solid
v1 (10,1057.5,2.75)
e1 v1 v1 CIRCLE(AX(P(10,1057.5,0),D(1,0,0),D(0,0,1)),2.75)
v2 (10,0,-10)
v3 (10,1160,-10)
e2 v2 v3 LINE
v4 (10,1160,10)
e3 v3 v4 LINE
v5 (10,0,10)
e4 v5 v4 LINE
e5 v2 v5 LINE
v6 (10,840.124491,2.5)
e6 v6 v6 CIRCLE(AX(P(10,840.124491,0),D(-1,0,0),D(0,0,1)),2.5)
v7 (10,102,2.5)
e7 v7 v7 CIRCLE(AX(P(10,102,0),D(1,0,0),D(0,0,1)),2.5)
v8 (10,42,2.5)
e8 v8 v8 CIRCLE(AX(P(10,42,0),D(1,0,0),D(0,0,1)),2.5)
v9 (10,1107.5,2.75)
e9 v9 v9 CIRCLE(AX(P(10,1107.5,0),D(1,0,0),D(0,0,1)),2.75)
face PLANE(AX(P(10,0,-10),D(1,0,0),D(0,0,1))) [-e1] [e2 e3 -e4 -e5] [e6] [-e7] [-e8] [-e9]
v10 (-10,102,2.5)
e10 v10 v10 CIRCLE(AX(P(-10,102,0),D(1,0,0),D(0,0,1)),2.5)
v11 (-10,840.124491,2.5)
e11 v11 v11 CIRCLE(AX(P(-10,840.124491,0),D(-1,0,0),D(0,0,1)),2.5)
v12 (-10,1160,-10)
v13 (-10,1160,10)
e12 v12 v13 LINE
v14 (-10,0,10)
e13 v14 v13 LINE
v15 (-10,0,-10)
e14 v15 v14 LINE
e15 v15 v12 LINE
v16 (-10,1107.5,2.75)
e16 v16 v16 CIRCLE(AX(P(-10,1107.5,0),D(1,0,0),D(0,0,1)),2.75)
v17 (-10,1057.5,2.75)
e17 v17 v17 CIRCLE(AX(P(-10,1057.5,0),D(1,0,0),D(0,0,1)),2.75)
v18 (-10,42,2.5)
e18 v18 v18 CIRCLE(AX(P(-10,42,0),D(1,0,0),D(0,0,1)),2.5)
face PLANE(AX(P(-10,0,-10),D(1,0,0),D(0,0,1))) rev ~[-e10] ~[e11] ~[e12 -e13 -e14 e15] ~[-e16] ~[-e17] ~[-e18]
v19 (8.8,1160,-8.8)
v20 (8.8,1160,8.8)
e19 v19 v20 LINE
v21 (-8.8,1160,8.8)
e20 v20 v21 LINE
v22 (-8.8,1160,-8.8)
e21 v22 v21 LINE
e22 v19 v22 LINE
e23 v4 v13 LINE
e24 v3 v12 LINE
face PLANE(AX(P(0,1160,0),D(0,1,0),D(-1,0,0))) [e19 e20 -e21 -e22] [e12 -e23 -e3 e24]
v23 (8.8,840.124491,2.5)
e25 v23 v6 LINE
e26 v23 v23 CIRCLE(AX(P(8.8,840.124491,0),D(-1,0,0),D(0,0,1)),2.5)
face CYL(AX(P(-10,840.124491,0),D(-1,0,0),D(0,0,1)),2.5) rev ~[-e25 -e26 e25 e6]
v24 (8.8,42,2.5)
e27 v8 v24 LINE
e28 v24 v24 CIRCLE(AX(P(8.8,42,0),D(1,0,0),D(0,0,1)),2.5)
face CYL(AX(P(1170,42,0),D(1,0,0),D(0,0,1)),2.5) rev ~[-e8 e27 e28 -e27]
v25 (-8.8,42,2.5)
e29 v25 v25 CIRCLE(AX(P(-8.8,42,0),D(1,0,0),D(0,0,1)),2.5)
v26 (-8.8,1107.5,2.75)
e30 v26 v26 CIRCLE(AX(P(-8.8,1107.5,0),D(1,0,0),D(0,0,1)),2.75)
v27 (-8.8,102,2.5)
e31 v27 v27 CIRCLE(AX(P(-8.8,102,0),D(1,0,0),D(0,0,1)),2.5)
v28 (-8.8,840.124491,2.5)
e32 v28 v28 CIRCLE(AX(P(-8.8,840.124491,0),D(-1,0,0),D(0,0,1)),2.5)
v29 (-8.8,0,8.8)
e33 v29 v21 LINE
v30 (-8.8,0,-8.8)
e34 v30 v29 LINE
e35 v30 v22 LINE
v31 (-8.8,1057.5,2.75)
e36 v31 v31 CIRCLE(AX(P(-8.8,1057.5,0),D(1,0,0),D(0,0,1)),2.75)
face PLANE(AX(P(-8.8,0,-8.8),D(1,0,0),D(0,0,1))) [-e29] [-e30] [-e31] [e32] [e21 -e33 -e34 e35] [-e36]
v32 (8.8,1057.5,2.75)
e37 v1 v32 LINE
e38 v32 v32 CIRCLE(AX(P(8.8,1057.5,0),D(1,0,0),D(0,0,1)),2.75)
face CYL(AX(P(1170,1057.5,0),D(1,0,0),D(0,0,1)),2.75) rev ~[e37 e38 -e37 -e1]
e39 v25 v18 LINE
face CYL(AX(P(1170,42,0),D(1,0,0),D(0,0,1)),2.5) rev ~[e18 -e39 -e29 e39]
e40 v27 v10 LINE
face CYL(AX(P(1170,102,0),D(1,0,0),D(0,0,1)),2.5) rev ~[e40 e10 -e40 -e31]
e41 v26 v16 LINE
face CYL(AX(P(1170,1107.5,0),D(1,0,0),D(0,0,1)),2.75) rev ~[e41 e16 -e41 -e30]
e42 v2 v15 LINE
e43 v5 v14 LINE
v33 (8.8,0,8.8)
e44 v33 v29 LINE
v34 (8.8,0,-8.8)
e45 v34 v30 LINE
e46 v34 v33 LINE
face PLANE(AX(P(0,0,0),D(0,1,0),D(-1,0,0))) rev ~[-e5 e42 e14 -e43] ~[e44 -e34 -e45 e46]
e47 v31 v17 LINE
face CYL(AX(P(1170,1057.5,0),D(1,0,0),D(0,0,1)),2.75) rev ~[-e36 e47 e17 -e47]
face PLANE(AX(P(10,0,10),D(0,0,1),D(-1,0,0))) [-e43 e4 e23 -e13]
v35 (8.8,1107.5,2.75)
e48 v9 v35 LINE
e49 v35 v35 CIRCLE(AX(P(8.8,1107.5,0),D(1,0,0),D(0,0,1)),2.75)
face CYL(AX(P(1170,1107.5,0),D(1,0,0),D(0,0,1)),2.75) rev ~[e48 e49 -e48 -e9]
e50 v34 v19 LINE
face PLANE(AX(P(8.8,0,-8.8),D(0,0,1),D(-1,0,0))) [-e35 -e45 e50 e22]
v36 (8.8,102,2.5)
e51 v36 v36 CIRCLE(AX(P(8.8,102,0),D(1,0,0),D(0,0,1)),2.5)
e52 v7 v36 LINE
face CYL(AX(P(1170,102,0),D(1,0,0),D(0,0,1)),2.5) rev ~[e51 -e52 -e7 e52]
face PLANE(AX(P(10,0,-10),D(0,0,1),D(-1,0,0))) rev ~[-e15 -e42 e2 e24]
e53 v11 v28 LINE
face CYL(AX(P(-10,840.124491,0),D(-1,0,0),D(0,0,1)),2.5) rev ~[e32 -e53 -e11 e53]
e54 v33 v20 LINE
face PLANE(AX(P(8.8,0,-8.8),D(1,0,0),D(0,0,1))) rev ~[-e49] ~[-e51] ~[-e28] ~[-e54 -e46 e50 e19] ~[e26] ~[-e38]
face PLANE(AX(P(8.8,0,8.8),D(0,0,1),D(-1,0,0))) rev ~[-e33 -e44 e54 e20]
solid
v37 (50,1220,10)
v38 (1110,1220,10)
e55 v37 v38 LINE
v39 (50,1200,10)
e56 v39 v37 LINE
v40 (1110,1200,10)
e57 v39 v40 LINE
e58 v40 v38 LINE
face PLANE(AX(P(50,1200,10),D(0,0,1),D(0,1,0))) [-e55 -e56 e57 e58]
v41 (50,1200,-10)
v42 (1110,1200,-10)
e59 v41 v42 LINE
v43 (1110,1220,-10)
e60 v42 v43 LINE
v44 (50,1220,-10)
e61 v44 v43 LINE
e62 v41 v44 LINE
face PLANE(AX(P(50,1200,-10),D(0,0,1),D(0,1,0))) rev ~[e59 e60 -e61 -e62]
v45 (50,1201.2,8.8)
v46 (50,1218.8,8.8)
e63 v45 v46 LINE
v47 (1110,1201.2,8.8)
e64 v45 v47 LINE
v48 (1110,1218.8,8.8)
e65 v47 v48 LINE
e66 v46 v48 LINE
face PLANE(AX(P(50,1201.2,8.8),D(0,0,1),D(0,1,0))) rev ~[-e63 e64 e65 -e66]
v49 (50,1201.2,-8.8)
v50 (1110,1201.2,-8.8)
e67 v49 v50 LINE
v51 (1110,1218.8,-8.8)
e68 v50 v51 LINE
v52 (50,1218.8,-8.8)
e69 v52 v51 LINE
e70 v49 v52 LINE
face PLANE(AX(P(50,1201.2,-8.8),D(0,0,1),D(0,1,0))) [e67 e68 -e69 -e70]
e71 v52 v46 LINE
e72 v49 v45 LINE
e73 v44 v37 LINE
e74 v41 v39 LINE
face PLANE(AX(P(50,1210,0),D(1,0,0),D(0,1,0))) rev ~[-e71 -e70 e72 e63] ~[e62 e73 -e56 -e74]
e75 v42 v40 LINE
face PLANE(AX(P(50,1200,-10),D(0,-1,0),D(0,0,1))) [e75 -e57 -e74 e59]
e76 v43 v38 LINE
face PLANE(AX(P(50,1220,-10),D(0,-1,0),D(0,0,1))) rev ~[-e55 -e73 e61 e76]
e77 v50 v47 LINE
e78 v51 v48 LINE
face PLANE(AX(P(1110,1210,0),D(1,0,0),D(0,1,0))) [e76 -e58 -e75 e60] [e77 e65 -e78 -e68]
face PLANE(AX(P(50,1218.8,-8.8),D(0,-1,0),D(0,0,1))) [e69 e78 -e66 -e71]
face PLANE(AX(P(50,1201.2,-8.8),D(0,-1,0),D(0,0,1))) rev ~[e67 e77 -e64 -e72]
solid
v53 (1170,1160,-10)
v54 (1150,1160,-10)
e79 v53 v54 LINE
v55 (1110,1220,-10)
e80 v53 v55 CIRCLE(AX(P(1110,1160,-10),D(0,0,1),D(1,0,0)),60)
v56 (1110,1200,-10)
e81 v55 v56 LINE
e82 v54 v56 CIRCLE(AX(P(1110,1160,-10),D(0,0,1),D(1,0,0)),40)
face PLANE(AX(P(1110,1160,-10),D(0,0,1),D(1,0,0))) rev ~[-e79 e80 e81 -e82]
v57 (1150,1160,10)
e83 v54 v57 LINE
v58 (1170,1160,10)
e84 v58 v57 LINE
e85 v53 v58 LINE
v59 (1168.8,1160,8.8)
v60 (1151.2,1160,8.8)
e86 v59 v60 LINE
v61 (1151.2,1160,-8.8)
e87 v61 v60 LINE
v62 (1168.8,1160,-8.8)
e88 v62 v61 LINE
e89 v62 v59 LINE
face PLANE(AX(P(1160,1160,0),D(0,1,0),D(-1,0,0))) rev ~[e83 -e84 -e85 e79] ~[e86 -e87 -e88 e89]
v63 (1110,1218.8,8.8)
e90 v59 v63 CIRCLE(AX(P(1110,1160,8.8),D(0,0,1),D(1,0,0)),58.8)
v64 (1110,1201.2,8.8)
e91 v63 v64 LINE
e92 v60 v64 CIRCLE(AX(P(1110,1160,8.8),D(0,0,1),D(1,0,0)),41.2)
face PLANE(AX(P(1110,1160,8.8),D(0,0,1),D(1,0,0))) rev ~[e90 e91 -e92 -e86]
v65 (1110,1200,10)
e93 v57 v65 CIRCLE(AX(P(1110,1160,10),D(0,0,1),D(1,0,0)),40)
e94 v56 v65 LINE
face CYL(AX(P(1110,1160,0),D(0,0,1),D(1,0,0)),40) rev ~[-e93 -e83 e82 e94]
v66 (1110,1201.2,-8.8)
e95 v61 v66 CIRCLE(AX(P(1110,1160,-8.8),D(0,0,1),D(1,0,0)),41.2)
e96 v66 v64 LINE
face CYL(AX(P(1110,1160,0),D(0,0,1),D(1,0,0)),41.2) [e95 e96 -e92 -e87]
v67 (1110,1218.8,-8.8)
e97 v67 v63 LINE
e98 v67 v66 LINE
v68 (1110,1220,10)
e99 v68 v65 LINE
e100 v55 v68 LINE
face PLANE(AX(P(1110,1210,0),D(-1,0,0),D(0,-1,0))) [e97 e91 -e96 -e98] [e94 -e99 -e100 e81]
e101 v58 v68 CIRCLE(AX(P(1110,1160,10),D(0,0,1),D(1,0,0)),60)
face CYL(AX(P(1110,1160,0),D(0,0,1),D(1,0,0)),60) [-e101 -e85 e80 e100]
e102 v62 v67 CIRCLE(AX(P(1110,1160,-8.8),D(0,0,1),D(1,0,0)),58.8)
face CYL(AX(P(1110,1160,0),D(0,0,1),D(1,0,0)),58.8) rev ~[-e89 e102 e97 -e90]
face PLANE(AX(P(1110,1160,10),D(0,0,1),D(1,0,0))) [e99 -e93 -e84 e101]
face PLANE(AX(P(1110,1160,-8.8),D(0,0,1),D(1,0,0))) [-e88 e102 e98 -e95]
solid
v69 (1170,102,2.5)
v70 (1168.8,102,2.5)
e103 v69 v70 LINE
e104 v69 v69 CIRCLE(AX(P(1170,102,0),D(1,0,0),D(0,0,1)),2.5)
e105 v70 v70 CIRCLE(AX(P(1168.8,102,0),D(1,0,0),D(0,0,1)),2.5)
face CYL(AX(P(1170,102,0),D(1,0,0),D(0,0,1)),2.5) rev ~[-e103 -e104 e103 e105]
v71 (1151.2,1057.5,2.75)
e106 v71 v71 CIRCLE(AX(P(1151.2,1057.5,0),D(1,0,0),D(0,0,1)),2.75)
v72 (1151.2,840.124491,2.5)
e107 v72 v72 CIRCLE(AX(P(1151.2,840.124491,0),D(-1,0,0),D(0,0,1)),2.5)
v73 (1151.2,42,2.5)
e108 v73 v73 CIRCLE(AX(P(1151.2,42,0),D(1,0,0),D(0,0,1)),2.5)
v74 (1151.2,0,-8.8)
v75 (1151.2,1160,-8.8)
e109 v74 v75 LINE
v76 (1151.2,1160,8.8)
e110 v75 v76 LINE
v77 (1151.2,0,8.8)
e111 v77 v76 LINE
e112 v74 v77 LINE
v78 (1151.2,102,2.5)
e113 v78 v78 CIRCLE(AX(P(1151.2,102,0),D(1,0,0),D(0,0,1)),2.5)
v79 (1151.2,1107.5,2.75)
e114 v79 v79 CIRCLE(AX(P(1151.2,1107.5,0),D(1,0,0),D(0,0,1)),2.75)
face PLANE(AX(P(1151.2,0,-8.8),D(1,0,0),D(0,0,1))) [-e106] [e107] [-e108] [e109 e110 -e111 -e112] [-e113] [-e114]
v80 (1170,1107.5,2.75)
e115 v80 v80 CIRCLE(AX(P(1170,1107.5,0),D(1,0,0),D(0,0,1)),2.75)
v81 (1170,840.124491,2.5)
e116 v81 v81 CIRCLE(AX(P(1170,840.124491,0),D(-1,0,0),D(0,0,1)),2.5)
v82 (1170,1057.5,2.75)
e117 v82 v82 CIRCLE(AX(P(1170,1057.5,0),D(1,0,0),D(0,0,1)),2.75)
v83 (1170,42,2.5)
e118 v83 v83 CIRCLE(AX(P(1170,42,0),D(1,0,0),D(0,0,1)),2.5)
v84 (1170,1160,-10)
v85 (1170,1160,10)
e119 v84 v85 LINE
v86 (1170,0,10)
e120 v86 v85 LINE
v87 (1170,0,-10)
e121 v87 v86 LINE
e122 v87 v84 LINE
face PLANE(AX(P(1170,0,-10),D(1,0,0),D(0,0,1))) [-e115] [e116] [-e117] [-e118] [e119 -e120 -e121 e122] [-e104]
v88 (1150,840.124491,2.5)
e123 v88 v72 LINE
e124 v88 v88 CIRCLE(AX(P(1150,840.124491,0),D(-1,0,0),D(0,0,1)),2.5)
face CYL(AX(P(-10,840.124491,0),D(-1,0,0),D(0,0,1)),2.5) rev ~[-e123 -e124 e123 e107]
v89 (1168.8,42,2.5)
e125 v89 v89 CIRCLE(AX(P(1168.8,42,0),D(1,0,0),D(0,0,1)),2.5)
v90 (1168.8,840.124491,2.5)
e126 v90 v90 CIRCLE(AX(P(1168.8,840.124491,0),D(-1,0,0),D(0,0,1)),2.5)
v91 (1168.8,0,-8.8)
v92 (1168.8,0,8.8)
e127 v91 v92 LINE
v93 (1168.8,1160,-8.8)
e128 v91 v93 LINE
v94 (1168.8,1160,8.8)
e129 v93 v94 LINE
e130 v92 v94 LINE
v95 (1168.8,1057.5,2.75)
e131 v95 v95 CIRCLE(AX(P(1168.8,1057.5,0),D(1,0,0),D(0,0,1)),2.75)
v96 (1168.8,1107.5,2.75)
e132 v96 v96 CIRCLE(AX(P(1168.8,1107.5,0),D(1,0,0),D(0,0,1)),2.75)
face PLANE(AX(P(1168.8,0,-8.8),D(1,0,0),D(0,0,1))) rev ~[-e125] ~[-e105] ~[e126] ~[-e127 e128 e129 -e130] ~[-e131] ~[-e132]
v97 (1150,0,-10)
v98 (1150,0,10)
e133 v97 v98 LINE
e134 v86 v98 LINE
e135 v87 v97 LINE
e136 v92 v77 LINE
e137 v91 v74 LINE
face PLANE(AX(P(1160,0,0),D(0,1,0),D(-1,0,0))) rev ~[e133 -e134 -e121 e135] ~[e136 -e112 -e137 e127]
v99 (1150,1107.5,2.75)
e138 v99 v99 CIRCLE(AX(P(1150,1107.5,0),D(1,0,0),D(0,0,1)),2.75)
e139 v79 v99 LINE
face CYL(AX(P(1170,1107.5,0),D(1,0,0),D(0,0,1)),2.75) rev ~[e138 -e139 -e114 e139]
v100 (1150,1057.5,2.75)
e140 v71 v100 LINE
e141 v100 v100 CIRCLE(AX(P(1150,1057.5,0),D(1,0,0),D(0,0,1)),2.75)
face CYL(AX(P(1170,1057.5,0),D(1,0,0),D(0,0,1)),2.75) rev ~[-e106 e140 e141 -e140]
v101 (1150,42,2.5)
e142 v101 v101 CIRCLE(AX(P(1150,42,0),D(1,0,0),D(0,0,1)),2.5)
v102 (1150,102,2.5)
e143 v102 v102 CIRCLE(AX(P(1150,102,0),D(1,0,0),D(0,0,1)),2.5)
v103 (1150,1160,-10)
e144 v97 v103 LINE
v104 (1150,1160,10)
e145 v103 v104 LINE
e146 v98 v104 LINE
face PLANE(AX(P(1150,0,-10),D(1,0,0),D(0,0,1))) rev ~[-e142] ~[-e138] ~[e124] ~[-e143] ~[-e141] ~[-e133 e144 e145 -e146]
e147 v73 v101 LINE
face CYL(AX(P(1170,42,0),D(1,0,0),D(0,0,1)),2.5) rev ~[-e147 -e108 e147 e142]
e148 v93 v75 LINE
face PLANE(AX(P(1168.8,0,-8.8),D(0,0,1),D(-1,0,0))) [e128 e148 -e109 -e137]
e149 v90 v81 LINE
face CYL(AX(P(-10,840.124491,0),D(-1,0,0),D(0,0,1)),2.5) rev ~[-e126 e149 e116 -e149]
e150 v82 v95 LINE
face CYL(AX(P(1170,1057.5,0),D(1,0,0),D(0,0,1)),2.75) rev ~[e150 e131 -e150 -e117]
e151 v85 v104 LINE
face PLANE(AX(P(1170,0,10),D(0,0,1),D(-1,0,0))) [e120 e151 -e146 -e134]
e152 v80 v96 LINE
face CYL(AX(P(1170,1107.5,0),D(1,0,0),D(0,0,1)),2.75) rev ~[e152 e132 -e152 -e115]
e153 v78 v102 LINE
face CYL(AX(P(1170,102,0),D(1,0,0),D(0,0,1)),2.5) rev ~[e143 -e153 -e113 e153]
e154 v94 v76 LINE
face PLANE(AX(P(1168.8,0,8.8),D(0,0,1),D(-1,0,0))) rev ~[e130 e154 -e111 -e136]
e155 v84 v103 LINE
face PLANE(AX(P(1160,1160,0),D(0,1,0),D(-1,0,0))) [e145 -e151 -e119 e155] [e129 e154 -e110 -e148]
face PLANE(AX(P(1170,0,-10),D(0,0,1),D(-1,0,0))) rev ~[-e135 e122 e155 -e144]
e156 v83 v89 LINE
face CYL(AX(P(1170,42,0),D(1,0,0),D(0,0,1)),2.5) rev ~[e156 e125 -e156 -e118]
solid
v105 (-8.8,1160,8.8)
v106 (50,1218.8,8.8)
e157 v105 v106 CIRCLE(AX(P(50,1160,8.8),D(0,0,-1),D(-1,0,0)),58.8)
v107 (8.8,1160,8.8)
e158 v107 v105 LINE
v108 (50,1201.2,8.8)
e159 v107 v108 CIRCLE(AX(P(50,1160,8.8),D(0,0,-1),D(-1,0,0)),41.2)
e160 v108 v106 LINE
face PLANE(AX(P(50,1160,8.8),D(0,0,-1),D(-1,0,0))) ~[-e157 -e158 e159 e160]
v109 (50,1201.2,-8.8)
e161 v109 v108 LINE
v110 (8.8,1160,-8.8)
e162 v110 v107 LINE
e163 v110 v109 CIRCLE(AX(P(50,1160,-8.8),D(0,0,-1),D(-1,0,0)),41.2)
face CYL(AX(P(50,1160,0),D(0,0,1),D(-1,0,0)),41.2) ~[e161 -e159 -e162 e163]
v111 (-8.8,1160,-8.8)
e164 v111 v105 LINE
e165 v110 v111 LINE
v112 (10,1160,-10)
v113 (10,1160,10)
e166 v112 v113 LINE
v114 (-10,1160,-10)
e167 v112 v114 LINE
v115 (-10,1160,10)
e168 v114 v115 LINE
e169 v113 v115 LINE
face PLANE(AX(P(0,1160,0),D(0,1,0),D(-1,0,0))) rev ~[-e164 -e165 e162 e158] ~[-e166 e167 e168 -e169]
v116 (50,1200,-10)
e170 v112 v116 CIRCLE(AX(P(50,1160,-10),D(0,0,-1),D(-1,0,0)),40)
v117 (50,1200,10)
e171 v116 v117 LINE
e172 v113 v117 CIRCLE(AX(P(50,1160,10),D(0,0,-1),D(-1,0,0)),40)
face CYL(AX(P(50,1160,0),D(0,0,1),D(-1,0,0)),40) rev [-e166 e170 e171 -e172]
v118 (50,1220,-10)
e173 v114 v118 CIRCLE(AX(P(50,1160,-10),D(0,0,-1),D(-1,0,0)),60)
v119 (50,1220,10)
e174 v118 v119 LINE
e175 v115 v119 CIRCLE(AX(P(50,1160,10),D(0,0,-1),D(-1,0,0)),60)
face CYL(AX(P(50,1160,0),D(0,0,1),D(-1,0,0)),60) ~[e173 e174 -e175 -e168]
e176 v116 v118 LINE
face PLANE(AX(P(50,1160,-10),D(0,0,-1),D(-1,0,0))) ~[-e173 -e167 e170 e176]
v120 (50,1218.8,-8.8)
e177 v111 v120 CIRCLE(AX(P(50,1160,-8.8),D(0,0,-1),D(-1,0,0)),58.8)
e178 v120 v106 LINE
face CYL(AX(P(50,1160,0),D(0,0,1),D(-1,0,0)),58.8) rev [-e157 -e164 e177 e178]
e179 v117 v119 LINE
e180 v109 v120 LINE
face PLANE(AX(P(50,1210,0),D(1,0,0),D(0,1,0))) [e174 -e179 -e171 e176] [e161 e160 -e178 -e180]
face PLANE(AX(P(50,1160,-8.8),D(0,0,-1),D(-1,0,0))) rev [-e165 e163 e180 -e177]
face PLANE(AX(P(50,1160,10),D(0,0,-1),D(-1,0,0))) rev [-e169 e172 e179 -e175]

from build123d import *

# Parameters (mm, degrees)
SKETCH15_W                                    = 20
SKETCH15_H                                    = 20
SKETCH15_W_2                                  = 17.6
SKETCH15_H_2                                  = 17.6
AL_TUBE_SQUARE_AL_TUBE_0_75_SQR_X_0_065_DEPTH = 1160
SKETCH15_ON_SEGMENT_2_W                       = 20
SKETCH15_ON_SEGMENT_2_H                       = 20
SKETCH15_ON_SEGMENT_2_W_2                     = 17.6
SKETCH15_ON_SEGMENT_2_H_2                     = 17.6
AL_TUBE_SQUARE_AL_TUBE_0_75_SQR_X_0_2_ANGLE   = 90
SKETCH15_ON_SEGMENT_3_W                       = 20
SKETCH15_ON_SEGMENT_3_H                       = 20
SKETCH15_ON_SEGMENT_3_W_2                     = 17.6
SKETCH15_ON_SEGMENT_3_H_2                     = 17.6
AL_TUBE_SQUARE_AL_TUBE_0_75_SQR_X_0_3_DEPTH   = 1060
SKETCH15_ON_SEGMENT_4_W                       = 20
SKETCH15_ON_SEGMENT_4_H                       = 20
SKETCH15_ON_SEGMENT_4_W_2                     = 17.6
SKETCH15_ON_SEGMENT_4_H_2                     = 17.6
AL_TUBE_SQUARE_AL_TUBE_0_75_SQR_X_0_4_ANGLE   = 90
SKETCH15_ON_SEGMENT_5_W                       = 20
SKETCH15_ON_SEGMENT_5_H                       = 20
SKETCH15_ON_SEGMENT_5_W_2                     = 17.6
SKETCH15_ON_SEGMENT_5_H_2                     = 17.6
AL_TUBE_SQUARE_AL_TUBE_0_75_SQR_X_0_5_DEPTH   = 1160
SKETCH16_R                                    = 2.75
CUT_EXTRUDE1_DEPTH                            = 2062.480050837
SKETCH18_R                                    = 2.5
CUT_EXTRUDE2_DEPTH                            = 1698.321419178
SKETCH19_R                                    = 2.5
CUT_EXTRUDE3_DEPTH                            = 1698.321419178


with BuildPart() as part:
    # Sketch15 → Al tube square AL TUBE 0.75 SQR X 0.065 WALL(1) (new body)
    with BuildSketch(Plane(origin=(0, 0, 0), x_dir=(-1, 0, 0), z_dir=(0, 1, 0))):
        Rectangle(SKETCH15_W, SKETCH15_H)
        Rectangle(SKETCH15_W_2, SKETCH15_H_2, mode=Mode.SUBTRACT)
    extrude(amount=AL_TUBE_SQUARE_AL_TUBE_0_75_SQR_X_0_065_DEPTH)


with BuildPart() as body_2:
    # Sketch15 on segment 2 (carried to the start of arc 2) → Al tube square AL TUBE 0.75 SQR X 0. 2 (revolve)
    with BuildSketch(Plane(origin=(0, 1160, 0), x_dir=(-1, 0, 0), z_dir=(0, 1, 0))):
        Rectangle(SKETCH15_ON_SEGMENT_2_W, SKETCH15_ON_SEGMENT_2_H)
        Rectangle(SKETCH15_ON_SEGMENT_2_W_2, SKETCH15_ON_SEGMENT_2_H_2, mode=Mode.SUBTRACT)
    revolve(axis=Axis((50, 1160, 0), (0, 0, -1)), revolution_arc=AL_TUBE_SQUARE_AL_TUBE_0_75_SQR_X_0_2_ANGLE)


with BuildPart() as body_3:
    # Sketch15 on segment 3 (carried to segment 3) → Al tube square AL TUBE 0.75 SQR X 0. 3 (new body)
    with BuildSketch(Plane(origin=(50, 1210, 0), x_dir=(0, 1, 0), z_dir=(1, 0, 0))):
        Rectangle(SKETCH15_ON_SEGMENT_3_W, SKETCH15_ON_SEGMENT_3_H)
        Rectangle(SKETCH15_ON_SEGMENT_3_W_2, SKETCH15_ON_SEGMENT_3_H_2, mode=Mode.SUBTRACT)
    extrude(amount=AL_TUBE_SQUARE_AL_TUBE_0_75_SQR_X_0_3_DEPTH)


with BuildPart() as body_4:
    # Sketch15 on segment 4 (carried to the start of arc 4) → Al tube square AL TUBE 0.75 SQR X 0. 4 (revolve)
    with BuildSketch(Plane(origin=(1160, 1160, 0), x_dir=(-1, 0, 0), z_dir=(0, 1, 0))):
        Rectangle(SKETCH15_ON_SEGMENT_4_W, SKETCH15_ON_SEGMENT_4_H)
        Rectangle(SKETCH15_ON_SEGMENT_4_W_2, SKETCH15_ON_SEGMENT_4_H_2, mode=Mode.SUBTRACT)
    revolve(axis=Axis((1110, 1160, 0), (0, 0, 1)), revolution_arc=AL_TUBE_SQUARE_AL_TUBE_0_75_SQR_X_0_4_ANGLE)


with BuildPart() as body_5:
    # Sketch15 on segment 5 (carried to segment 5) → Al tube square AL TUBE 0.75 SQR X 0. 5 (new body)
    with BuildSketch(Plane(origin=(1160, 0, 0), x_dir=(-1, 0, 0), z_dir=(0, 1, 0))):
        Rectangle(SKETCH15_ON_SEGMENT_5_W, SKETCH15_ON_SEGMENT_5_H)
        Rectangle(SKETCH15_ON_SEGMENT_5_W_2, SKETCH15_ON_SEGMENT_5_H_2, mode=Mode.SUBTRACT)
    extrude(amount=AL_TUBE_SQUARE_AL_TUBE_0_75_SQR_X_0_5_DEPTH)


with BuildPart() as cut_extrude1_tool:
    # Sketch16 → Cut-Extrude1 (new, through all)
    with BuildSketch(Plane(origin=(1170, 0, -1160), x_dir=(0, 0, -1), z_dir=(1, 0, 0))):
        with Locations(Location((-1160, 1107.5, 0), (0, 0, 180))):
            Circle(SKETCH16_R)
        with Locations(Location((-1160, 1057.5, 0), (0, 0, 180))):
            Circle(SKETCH16_R)
    extrude(amount=-CUT_EXTRUDE1_DEPTH)


with BuildPart() as part_1:
    add(part.part)

    # Cut-Extrude1: cut by cut_extrude1_tool
    add(cut_extrude1_tool.part, mode=Mode.SUBTRACT)


with BuildPart() as body_5_1:
    add(body_5.part)

    # Cut-Extrude1: cut by cut_extrude1_tool
    add(cut_extrude1_tool.part, mode=Mode.SUBTRACT)


with BuildPart() as cut_extrude2_tool:
    # Sketch18 → Cut-Extrude2 (new, through all)
    with BuildSketch(Plane(origin=(1170, 0, 0), x_dir=(0, 0, -1), z_dir=(1, 0, 0))):
        with Locations(Location((0, 102, 0), (0, 0, 180))):
            Circle(SKETCH18_R)
        with Locations(Location((0, 42, 0), (0, 0, 180))):
            Circle(SKETCH18_R)
    extrude(amount=-CUT_EXTRUDE2_DEPTH)


with BuildPart() as part_2:
    add(part_1.part)

    # Cut-Extrude2: cut by cut_extrude2_tool
    add(cut_extrude2_tool.part, mode=Mode.SUBTRACT)


with BuildPart() as body_5_2:
    add(body_5_1.part)

    # Cut-Extrude2: cut by cut_extrude2_tool
    add(cut_extrude2_tool.part, mode=Mode.SUBTRACT)


with BuildPart() as cut_extrude3_tool:
    # Sketch19 → Cut-Extrude3 (new, through all)
    with BuildSketch(Plane.ZY.offset(10)):
        with Locations((0, 840.124491181)):
            Circle(SKETCH19_R)
    extrude(amount=-CUT_EXTRUDE3_DEPTH)


with BuildPart() as part_3:
    add(part_2.part)

    # Cut-Extrude3: cut by cut_extrude3_tool
    add(cut_extrude3_tool.part, mode=Mode.SUBTRACT)


with BuildPart() as body_5_3:
    add(body_5_2.part)

    # Cut-Extrude3: cut by cut_extrude3_tool
    add(cut_extrude3_tool.part, mode=Mode.SUBTRACT)


solid = Compound([body_2.part, body_3.part, body_4.part, part_3.part, body_5_3.part])
